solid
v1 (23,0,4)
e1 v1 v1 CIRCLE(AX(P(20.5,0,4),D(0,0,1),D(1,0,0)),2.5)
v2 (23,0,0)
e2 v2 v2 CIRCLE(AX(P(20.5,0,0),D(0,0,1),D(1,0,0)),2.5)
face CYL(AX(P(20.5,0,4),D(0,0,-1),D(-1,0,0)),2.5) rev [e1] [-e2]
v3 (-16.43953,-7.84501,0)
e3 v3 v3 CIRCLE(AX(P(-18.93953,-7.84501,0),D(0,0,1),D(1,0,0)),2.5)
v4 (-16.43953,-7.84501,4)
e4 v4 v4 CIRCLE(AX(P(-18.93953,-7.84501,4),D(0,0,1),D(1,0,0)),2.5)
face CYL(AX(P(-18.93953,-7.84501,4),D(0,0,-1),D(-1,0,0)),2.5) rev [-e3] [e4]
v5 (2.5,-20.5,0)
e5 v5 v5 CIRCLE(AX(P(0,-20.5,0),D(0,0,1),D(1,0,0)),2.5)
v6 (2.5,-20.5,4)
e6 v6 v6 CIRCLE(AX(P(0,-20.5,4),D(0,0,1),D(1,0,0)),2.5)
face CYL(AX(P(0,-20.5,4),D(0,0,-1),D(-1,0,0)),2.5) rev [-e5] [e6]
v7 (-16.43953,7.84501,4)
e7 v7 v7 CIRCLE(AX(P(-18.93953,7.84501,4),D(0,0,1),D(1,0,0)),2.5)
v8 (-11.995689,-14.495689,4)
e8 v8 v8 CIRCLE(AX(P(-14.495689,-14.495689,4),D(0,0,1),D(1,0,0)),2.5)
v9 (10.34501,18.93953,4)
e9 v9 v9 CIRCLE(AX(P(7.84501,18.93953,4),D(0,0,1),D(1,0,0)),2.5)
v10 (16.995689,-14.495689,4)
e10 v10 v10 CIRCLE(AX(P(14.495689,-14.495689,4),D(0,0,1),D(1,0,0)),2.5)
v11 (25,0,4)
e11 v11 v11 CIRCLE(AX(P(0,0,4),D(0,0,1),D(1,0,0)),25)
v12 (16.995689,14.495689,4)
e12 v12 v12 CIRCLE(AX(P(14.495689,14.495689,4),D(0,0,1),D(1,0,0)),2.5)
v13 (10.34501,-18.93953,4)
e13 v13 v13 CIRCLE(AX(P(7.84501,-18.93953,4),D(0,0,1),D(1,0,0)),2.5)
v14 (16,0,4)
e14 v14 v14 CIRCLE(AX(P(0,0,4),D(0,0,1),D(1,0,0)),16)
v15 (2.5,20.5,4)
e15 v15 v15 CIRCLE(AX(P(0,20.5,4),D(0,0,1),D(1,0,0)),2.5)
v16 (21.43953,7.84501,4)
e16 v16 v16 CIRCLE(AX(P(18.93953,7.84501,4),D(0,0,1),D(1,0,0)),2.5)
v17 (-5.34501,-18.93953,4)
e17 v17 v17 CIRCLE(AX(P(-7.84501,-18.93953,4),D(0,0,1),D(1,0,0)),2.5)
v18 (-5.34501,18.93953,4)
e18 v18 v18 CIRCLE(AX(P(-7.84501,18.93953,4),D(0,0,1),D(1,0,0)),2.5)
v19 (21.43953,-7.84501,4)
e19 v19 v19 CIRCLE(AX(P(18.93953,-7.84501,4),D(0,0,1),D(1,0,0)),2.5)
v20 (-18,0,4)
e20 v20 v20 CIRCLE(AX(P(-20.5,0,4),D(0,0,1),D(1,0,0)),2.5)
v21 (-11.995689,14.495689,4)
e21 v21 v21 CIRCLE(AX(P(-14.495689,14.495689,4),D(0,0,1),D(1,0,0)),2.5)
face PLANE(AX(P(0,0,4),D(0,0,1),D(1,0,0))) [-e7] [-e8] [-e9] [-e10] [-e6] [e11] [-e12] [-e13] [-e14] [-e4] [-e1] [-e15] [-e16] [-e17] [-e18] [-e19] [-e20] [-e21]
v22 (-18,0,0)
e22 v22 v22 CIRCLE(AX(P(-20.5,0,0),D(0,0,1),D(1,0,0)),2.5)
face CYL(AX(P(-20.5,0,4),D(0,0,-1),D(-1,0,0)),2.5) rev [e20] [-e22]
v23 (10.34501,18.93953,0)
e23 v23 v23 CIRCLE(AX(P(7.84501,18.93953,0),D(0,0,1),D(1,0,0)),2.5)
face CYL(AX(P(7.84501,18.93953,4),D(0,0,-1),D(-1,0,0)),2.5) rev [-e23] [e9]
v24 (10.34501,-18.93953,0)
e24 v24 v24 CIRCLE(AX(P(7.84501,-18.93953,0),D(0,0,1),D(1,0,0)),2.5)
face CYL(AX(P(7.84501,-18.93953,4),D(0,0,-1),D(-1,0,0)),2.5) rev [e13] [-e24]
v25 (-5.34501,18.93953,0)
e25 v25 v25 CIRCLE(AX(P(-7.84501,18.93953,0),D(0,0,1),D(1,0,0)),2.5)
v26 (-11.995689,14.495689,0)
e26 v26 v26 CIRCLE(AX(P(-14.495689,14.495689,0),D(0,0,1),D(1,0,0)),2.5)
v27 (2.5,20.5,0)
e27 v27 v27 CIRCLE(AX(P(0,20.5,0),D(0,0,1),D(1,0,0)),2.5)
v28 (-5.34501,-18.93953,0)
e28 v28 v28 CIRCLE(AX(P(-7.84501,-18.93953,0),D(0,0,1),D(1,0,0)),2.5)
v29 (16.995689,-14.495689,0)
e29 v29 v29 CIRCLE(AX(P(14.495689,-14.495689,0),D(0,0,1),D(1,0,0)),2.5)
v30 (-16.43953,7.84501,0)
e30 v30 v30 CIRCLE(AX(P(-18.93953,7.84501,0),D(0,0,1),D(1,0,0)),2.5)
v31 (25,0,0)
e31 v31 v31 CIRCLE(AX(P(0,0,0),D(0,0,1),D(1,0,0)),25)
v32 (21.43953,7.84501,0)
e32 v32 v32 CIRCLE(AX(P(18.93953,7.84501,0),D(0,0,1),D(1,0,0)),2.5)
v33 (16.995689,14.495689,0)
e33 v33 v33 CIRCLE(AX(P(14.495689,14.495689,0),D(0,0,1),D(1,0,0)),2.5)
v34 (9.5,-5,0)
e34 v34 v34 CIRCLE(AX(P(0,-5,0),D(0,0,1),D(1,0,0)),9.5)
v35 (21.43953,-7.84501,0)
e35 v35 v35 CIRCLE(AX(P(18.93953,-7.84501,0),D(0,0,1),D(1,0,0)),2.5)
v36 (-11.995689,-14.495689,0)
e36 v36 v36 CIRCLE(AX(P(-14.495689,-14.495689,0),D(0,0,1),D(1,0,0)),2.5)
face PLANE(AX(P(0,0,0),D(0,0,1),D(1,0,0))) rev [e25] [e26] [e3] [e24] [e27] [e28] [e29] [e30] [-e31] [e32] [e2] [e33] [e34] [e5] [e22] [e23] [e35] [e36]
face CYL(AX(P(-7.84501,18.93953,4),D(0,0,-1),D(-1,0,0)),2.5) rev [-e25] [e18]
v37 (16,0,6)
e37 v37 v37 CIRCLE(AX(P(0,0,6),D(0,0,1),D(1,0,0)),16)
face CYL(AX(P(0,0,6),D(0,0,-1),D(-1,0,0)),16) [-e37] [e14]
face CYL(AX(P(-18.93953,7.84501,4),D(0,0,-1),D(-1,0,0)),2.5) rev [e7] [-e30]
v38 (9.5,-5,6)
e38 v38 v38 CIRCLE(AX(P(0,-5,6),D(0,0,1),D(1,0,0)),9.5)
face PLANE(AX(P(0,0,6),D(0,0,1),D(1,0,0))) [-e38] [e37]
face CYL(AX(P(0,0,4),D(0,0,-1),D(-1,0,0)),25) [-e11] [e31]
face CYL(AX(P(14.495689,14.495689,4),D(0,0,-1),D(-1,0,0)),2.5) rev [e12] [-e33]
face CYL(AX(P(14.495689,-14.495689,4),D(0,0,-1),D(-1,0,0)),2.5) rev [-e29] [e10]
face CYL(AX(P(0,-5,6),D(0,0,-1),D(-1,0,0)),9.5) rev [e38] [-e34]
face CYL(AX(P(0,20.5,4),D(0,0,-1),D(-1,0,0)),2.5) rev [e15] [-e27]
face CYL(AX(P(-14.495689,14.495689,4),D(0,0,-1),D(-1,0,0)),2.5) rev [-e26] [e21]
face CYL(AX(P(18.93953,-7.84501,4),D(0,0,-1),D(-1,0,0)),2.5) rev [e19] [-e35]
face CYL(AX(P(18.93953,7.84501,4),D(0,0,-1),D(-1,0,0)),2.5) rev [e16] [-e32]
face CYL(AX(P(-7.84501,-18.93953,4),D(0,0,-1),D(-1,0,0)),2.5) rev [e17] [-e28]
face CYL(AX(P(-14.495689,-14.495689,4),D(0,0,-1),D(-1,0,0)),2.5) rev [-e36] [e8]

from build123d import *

# Parameters (mm, degrees)
SKETCH1_R           = 16
SKETCH1_R_2         = 9.5
BOSS_EXTRUDE1_DEPTH = 6
SKETCH1_3_R         = 25
SKETCH1_3_R_2       = 2.5
SKETCH1_3_R_3       = 16
BOSS_EXTRUDE2_DEPTH = 4


with BuildPart() as part:
    # Sketch1 → Boss-Extrude1 (new body)
    with BuildSketch(Plane(origin=(0, 0, 0), x_dir=(0, 1, 0), z_dir=(0, 0, 1))):
        Circle(SKETCH1_R)
        with Locations((-5, 0)):
            Circle(SKETCH1_R_2, mode=Mode.SUBTRACT)
    extrude(amount=BOSS_EXTRUDE1_DEPTH)

    # Sketch1<3> → Boss-Extrude2 (add)
    with BuildSketch(Plane(origin=(0, 0, 0), x_dir=(0, 1, 0), z_dir=(0, 0, 1))):
        Circle(SKETCH1_3_R)
        with Locations((-14.495689014, -14.495689014)):
            Circle(SKETCH1_3_R_2, mode=Mode.SUBTRACT)
        with Locations((-7.845010363, -18.939530416)):
            Circle(SKETCH1_3_R_2, mode=Mode.SUBTRACT)
        with Locations((0, -20.5)):
            Circle(SKETCH1_3_R_2, mode=Mode.SUBTRACT)
        with Locations((-18.939530416, -7.845010363)):
            Circle(SKETCH1_3_R_2, mode=Mode.SUBTRACT)
        with Locations((-20.5, 0)):
            Circle(SKETCH1_3_R_2, mode=Mode.SUBTRACT)
        with Locations((7.845010363, -18.939530416)):
            Circle(SKETCH1_3_R_2, mode=Mode.SUBTRACT)
        with Locations((14.495689014, -14.495689014)):
            Circle(SKETCH1_3_R_2, mode=Mode.SUBTRACT)
        with Locations((18.939530416, -7.845010363)):
            Circle(SKETCH1_3_R_2, mode=Mode.SUBTRACT)
        with Locations((20.5, 0)):
            Circle(SKETCH1_3_R_2, mode=Mode.SUBTRACT)
        with Locations((-18.939530416, 7.845010363)):
            Circle(SKETCH1_3_R_2, mode=Mode.SUBTRACT)
        with Locations((-14.495689014, 14.495689014)):
            Circle(SKETCH1_3_R_2, mode=Mode.SUBTRACT)
        with Locations((-7.845010363, 18.939530416)):
            Circle(SKETCH1_3_R_2, mode=Mode.SUBTRACT)
        Circle(SKETCH1_3_R_3, mode=Mode.SUBTRACT)
        with Locations((18.939530416, 7.845010363)):
            Circle(SKETCH1_3_R_2, mode=Mode.SUBTRACT)
        with Locations((0, 20.5)):
            Circle(SKETCH1_3_R_2, mode=Mode.SUBTRACT)
        with Locations((7.845010363, 18.939530416)):
            Circle(SKETCH1_3_R_2, mode=Mode.SUBTRACT)
        with Locations((14.495689014, 14.495689014)):
            Circle(SKETCH1_3_R_2, mode=Mode.SUBTRACT)
    extrude(amount=BOSS_EXTRUDE2_DEPTH)


solid = part.part
